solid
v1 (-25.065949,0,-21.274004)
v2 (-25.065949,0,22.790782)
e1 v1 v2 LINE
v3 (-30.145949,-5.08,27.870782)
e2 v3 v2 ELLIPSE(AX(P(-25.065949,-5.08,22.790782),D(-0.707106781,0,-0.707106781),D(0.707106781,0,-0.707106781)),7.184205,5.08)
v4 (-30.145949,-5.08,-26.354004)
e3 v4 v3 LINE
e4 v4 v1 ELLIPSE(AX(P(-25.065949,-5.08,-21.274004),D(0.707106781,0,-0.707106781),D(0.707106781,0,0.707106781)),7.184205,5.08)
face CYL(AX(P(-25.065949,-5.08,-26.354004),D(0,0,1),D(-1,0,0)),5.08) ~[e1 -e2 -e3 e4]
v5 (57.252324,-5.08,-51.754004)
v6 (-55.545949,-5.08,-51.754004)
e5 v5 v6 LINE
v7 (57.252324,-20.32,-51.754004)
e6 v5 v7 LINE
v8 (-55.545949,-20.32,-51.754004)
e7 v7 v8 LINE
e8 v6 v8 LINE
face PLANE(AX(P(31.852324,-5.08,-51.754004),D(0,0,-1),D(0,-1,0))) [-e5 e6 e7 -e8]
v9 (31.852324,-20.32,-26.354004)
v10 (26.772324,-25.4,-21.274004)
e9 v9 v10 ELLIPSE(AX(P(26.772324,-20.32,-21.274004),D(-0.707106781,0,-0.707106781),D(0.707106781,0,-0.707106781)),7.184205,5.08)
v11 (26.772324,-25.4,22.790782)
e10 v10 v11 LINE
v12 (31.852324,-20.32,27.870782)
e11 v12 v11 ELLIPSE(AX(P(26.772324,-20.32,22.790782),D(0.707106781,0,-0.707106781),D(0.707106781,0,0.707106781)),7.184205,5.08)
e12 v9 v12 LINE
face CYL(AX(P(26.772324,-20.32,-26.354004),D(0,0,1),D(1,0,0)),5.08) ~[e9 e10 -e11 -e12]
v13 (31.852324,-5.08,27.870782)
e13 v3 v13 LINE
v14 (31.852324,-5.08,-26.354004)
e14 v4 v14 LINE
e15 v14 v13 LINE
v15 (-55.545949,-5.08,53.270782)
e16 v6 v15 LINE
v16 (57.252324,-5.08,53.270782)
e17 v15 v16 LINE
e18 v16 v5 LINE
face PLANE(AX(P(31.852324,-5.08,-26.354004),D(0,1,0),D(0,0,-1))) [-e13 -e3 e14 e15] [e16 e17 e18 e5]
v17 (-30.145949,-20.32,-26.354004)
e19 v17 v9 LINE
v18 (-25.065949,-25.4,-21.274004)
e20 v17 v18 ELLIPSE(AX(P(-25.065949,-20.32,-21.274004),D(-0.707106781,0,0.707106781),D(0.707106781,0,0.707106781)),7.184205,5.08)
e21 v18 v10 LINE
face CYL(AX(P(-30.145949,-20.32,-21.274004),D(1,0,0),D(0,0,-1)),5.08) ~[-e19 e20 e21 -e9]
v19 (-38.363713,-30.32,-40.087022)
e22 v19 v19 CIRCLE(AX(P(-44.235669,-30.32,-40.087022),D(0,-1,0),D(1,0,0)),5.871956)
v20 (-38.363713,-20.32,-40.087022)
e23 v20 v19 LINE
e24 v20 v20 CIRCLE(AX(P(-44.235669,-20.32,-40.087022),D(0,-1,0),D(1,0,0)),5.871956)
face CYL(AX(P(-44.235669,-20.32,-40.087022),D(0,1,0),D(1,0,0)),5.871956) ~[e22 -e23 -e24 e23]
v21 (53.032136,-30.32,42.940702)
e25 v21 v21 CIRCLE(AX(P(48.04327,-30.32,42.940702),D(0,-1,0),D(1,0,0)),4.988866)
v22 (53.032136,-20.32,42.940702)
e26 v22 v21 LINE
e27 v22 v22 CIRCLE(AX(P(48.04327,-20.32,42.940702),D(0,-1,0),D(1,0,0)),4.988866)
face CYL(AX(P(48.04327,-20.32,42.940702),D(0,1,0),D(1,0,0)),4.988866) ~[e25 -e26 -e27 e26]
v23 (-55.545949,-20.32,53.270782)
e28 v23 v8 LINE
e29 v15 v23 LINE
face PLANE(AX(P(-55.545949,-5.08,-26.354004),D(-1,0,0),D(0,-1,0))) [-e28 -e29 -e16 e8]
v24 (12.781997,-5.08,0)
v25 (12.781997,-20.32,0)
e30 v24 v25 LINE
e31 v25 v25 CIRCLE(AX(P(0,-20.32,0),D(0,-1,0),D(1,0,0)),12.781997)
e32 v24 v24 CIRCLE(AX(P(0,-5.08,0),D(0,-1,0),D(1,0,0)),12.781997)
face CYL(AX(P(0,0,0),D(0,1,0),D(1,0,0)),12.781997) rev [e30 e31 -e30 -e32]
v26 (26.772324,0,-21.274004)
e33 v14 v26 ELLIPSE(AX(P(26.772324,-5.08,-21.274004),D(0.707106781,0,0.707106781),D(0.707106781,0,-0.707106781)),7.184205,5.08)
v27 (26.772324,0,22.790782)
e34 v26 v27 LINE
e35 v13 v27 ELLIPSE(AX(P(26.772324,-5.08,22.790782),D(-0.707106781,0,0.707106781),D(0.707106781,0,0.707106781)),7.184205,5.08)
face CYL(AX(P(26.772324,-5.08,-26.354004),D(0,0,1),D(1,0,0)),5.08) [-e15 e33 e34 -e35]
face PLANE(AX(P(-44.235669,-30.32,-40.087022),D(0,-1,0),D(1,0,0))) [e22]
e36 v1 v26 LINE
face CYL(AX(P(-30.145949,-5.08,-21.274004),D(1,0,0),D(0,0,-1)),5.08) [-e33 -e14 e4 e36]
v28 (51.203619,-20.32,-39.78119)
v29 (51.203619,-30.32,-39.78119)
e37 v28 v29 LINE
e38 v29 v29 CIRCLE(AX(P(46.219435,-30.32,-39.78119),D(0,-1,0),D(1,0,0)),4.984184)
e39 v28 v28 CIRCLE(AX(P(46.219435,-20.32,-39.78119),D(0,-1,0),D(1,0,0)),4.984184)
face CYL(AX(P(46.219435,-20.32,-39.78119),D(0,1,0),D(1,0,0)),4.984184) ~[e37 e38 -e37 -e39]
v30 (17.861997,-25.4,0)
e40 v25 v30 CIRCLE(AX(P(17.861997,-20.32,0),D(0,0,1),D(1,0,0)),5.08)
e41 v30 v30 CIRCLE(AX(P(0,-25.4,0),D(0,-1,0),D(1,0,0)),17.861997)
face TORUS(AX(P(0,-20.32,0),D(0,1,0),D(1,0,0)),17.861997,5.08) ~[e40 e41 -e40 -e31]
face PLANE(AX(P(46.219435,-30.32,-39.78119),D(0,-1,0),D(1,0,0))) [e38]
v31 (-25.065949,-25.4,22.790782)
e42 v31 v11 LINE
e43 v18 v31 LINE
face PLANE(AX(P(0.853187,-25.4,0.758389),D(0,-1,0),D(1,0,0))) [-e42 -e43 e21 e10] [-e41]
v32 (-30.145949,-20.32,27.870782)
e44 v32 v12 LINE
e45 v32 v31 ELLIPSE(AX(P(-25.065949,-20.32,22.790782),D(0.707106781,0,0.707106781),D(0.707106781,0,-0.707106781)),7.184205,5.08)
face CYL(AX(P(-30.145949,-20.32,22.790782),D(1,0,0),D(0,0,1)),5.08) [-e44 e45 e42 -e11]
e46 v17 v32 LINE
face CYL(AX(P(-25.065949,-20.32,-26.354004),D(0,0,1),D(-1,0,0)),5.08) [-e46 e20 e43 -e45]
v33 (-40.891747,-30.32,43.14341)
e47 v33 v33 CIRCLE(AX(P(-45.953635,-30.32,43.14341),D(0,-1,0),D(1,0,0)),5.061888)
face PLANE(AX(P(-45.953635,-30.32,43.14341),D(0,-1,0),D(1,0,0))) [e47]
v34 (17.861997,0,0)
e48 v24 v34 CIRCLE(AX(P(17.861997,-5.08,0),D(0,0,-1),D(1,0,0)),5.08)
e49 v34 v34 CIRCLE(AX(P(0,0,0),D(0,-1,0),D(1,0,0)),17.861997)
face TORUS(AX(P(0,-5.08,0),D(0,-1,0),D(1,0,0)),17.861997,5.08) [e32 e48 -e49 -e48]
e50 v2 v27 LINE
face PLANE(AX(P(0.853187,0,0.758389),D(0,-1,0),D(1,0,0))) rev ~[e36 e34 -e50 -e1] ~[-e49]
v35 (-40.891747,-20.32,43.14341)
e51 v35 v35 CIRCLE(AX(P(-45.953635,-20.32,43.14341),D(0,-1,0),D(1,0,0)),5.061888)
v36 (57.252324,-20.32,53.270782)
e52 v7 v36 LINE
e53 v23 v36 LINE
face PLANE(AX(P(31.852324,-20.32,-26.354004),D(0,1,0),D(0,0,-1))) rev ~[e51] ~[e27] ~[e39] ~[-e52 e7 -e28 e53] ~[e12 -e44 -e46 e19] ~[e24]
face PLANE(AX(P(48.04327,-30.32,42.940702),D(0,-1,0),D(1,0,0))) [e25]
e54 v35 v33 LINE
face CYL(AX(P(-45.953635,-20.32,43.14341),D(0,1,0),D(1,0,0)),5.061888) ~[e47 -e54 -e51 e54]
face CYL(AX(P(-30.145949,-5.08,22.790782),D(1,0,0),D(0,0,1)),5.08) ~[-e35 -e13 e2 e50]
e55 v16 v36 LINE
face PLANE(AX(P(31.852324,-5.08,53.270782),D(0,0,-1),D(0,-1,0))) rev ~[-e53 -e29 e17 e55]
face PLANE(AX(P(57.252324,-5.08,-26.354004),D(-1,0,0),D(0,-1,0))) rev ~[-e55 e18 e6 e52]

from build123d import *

# Parameters (mm, degrees)
F0_W     = 61.9982723147
F0_H     = 54.2247854173
F0_R     = 12.7819973787
F1_DEPTH = 25.4
F2_R     = 5.08
F3_DEPTH = 25.4
F4_DEPTH = 25.4
F5_DEPTH = 25.4
F6_DEPTH = 25.4
F7_R     = 5.0618882288
F7_R_2   = 4.9888661586
F7_R_3   = 4.9841843595
F7_R_4   = 5.8719562736
F8_DEPTH = 10


with BuildPart() as f1:
    # F0 (on Front) → F1 (new body)
    with BuildSketch(Plane.XZ):
        with Locations((0.8531874046, 0.758389011)):
            Rectangle(F0_W, F0_H)
        Circle(F0_R, mode=Mode.SUBTRACT)
    extrude(amount=F1_DEPTH)

    # F2
    f2_edges = [f1.edges().sort_by_distance(p)[0] for p in [
        (0.853187, -25.4, 27.870782),
        (-30.145949, -25.4, 0.758389),
        (0.853187, -25.4, -26.354004),
        (31.852324, -25.4, 0.758389),
        (-12.781997, -25.4, 0),
        (0.853187, 0, 27.870782),
        (-30.145949, 0, 0.758389),
        (0.853187, 0, -26.354004),
        (31.852324, 0, 0.758389),
        (-12.781997, 0, 0),
    ]]
    fillet(f2_edges, radius=F2_R)

    # F3 (add): a face of the model
    f3_faces = [f1.faces().sort_by_distance(p)[0] for p in [
        (0.8531874046, -12.7, 27.8707817197),
    ]]
    extrude(f3_faces, amount=F3_DEPTH)

    # F4 (add): a face of the model
    f4_faces = [f1.faces().sort_by_distance(p)[0] for p in [
        (0.8531874046, -12.7, -26.3540036976),
    ]]
    extrude(f4_faces, amount=F4_DEPTH)

    # F5 (add): a face of the model
    f5_faces = [f1.faces().sort_by_distance(p)[0] for p in [
        (-30.1459487528, -12.7, 0.758389011),
    ]]
    extrude(f5_faces, amount=F5_DEPTH)

    # F6 (add): a face of the model
    f6_faces = [f1.faces().sort_by_distance(p)[0] for p in [
        (31.8523235619, -12.7, 0.758389011),
    ]]
    extrude(f6_faces, amount=F6_DEPTH)

    # F7 (on face) → F8 (join)
    with BuildSketch(Plane.XZ.offset(20.32)):
        with Locations((-45.9536351264, 43.1434102356)):
            Circle(F7_R)
        with Locations((48.043269664, 42.9407022893)):
            Circle(F7_R_2)
        with Locations((46.2194345891, -39.781190455)):
            Circle(F7_R_3)
        with Locations((-44.2356690764, -40.0870218873)):
            Circle(F7_R_4)
    extrude(amount=F8_DEPTH)


solid = f1.part
